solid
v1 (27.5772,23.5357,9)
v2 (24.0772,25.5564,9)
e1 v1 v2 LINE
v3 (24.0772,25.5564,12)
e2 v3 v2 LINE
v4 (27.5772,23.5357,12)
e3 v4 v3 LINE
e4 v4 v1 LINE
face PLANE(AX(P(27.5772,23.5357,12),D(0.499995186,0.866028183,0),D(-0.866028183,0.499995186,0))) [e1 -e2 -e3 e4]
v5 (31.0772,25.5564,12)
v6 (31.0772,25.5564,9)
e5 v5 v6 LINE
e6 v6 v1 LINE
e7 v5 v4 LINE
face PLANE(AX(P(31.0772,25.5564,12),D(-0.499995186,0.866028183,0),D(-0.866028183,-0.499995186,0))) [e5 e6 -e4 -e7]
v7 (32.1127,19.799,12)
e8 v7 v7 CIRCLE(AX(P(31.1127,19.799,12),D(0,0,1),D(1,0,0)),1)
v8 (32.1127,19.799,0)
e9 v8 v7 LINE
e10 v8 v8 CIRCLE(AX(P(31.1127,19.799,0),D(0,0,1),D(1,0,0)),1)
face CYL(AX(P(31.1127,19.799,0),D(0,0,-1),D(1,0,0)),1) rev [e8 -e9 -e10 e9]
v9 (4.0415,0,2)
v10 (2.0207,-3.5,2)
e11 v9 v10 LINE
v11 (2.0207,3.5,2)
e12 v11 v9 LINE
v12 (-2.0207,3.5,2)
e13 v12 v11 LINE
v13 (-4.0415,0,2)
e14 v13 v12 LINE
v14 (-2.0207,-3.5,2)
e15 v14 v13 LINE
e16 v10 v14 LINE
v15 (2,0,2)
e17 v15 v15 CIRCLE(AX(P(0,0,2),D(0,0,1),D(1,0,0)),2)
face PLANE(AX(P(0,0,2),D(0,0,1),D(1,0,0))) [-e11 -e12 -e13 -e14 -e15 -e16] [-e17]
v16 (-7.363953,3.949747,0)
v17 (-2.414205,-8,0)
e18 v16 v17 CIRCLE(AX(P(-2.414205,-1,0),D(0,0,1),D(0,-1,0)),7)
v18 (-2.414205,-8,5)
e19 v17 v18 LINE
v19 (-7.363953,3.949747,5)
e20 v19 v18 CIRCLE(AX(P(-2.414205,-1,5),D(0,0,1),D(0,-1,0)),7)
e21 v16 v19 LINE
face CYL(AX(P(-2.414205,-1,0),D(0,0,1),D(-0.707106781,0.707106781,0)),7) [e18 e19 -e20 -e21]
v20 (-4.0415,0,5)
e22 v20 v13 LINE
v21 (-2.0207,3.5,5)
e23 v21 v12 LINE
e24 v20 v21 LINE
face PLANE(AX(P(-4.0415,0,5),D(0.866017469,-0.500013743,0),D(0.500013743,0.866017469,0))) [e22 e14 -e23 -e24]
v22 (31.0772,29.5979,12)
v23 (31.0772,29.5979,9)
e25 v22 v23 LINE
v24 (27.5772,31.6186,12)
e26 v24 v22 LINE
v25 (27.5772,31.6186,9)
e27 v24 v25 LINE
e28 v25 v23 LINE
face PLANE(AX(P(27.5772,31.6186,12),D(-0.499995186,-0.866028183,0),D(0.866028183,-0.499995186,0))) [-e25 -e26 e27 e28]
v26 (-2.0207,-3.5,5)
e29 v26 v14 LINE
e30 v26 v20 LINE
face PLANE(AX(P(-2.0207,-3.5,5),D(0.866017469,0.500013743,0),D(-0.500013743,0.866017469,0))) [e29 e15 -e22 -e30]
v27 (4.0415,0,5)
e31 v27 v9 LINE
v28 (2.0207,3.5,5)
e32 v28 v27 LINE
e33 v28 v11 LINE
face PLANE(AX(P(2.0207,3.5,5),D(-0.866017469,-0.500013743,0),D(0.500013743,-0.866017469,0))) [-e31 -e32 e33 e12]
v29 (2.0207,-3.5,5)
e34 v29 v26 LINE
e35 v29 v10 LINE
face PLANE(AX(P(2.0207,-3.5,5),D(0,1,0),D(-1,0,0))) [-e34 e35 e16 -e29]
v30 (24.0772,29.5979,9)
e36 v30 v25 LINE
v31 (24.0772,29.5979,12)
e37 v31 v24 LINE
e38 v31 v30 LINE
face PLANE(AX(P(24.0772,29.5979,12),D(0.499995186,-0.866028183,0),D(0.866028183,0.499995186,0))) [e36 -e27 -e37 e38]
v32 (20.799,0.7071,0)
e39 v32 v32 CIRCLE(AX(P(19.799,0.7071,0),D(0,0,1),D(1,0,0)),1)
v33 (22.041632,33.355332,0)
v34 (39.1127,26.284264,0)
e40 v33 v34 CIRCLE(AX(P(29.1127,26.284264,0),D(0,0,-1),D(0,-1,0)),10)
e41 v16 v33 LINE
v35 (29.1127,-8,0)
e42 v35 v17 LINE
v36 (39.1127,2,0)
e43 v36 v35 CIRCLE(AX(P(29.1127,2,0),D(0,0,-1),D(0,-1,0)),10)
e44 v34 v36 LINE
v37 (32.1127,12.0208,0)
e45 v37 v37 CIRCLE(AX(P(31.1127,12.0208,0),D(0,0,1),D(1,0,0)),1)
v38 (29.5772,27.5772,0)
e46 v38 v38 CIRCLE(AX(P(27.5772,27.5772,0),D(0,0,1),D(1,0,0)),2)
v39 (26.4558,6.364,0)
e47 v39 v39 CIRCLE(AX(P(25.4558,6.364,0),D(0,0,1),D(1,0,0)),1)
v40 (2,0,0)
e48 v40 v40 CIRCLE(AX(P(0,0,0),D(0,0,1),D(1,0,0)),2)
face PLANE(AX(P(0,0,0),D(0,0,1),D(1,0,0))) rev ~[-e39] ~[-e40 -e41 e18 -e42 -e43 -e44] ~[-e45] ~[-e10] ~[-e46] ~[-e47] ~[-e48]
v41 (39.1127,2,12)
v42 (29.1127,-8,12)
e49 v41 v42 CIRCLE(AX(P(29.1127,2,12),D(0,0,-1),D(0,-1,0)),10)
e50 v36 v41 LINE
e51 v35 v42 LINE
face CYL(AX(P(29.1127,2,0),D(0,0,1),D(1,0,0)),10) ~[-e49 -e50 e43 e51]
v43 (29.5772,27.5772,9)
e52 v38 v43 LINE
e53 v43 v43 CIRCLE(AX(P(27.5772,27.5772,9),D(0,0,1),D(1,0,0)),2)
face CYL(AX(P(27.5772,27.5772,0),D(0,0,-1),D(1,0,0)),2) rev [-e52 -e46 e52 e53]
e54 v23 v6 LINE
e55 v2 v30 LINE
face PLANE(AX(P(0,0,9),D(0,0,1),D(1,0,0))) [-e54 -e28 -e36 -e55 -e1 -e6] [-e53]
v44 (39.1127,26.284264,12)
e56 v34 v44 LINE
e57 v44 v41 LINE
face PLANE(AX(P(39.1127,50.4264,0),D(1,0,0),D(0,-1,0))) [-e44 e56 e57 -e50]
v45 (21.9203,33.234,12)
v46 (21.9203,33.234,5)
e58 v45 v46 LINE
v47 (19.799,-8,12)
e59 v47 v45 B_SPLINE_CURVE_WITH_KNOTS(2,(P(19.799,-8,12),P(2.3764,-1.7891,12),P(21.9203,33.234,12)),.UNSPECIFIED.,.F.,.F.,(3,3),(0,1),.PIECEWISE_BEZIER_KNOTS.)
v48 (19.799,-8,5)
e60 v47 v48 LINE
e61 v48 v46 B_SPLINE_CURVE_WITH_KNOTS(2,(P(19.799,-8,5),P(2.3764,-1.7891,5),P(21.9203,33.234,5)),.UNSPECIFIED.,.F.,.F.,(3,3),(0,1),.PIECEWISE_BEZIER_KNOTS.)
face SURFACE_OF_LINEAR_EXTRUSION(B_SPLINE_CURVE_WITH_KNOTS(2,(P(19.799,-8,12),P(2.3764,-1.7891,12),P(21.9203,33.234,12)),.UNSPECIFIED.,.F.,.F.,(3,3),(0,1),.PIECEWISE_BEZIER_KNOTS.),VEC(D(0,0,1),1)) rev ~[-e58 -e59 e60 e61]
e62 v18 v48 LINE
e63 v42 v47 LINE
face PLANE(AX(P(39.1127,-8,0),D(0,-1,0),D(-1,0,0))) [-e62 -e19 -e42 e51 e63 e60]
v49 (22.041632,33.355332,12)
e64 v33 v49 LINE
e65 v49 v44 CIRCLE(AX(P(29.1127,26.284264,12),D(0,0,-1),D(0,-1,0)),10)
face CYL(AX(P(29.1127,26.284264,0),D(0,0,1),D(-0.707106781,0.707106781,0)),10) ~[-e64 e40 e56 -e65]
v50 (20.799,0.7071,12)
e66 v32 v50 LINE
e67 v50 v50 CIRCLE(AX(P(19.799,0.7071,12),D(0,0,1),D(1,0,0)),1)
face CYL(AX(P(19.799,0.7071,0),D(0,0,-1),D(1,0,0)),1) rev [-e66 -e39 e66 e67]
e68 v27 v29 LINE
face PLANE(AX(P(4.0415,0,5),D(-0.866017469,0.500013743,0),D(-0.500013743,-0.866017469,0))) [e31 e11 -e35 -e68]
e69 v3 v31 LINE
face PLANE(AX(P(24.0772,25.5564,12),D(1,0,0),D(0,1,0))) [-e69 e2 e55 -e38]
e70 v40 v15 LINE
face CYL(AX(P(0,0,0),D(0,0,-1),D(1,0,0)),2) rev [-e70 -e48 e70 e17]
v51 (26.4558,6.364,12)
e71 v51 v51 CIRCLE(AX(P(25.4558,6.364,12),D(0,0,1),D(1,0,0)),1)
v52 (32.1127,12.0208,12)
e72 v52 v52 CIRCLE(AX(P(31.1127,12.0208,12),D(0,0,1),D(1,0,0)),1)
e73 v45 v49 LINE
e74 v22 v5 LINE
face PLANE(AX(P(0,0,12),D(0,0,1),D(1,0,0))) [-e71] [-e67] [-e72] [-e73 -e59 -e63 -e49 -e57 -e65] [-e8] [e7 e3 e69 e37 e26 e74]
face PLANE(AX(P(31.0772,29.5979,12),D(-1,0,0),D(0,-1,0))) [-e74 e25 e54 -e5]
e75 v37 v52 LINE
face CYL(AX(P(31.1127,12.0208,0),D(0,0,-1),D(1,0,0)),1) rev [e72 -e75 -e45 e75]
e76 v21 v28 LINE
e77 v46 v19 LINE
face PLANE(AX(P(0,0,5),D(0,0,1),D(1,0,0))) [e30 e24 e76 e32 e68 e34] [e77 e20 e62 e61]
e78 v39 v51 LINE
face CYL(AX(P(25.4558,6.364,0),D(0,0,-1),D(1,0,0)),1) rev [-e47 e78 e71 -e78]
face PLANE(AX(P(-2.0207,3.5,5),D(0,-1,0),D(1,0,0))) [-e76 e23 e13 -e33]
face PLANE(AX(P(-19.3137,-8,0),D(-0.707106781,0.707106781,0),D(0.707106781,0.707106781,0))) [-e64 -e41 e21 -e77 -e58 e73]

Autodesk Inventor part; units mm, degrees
ref_plane "YZ Plane" through (0, 0, 0) normal (1, 0, 0) x (0, 1, 0)
ref_plane "XZ Plane" through (0, 0, 0) normal (0, 1, 0) x (-1, 0, 0)
ref_plane "XY Plane" through (0, 0, 0) normal (0, 0, 1) x (1, 0, 0)
sketch "Esquisse1" plane through (0, 0, 0) normal (0, 0, 1) x (1, 0, 0)
  line L0 (0, 0) -> (52, 0) construction
  line L1 (0, 0) -> (25.4558, 25.4558) construction
  line L2 (0, 0) -> (-9.5459, 9.5459) construction
  line L3 (-9.5459, 9.5459) -> (-4.9497, 14.1421) construction
  line L4 (-4.9497, 14.1421) -> (0.7071, 19.799) construction
  line L5 (0.7071, 19.799) -> (6.364, 25.4558) construction
  line L6 (6.364, 25.4558) -> (12.0208, 31.1127) construction
  line L7 (25.4558, 25.4558) -> (19.799, 31.1127) construction
  line L8 (0, 0) -> (27.5772, 27.5772) construction
  circle A0 centre (0.7071, 19.799) radius 1 construction
  circle A1 centre (6.364, 25.4558) radius 1 construction
  circle A2 centre (12.0208, 31.1127) radius 1 construction
  circle A3 centre (19.799, 31.1127) radius 1 construction
  circle A4 centre (19.799, 0.7071) radius 1
  circle A5 centre (25.4558, 6.364) radius 1
  circle A6 centre (31.1127, 12.0208) radius 1
  circle A7 centre (31.1127, 19.799) radius 1
  circle A8 centre (27.5772, 27.5772) radius 2
  circle A9 centre (0, 0) radius 2
  line L9 (0, 0) -> (0, -8) construction
  line L10 (31.1127, 12.0208) -> (39.1127, 12.0208) construction
  line L11 (39.1127, 50.4264) -> (39.1127, -8)
  line L12 (0, 0) -> (-5.6569, 5.6569) construction
  line L13 (39.1127, -8) -> (-19.3137, -8)
  line L14 (-19.3137, -8) -> (39.1127, 50.4264)
  dimension "d31" = 45
  dimension "d32" = 13.5
  dimension "d33" = 6.5
  dimension "d34" = 8
  dimension "d35" = 8
  dimension "d36" = 8
  dimension "d37" = 8
  dimension "d38" = 36
  dimension "d39" = 39
  dimension "d40" = 2
  dimension "d41" = 4
  dimension "d44" = 8
  dimension "d45" = 8
  dimension "d64" = 8
extrude "Extrusion7" add sketch "Esquisse1" along normal blind 12
sketch "Esquisse7" plane through (0, 0, 12) normal (0, 0, 1) x (1, 0, 0)
  circle A0 centre (0, 0) radius 2 projected
  circle A1 centre (27.5772, 27.5772) radius 2 projected
  circle A2 centre (19.799, 0.7071) radius 1 projected
  line L0 (39.1127, 50.4264) -> (-19.3137, -8) projected
  line L1 (-19.3137, -8) -> (39.1127, -8) projected
  circle A3 centre (0, 0) radius 12 construction
  circle A4 centre (19.799, 0.7071) radius 7.8116 construction
  circle A5 centre (27.5772, 27.5772) radius 8 construction
  line L2 (19.799, 0.7071) -> (19.799, -8) construction
  spline S0 degree 2 poles (19.799, -8) (2.3764, -1.7891) (21.9203, 33.234) knots 0 0 0 1 1 1
  point P0 (11.9924, 0.4283)
  dimension "d67" = 24
extrude "Extrusion8" cut sketch "Esquisse7" against normal blind 7 contours S0 L1 L0
sketch "Esquisse8" plane through (0, 0, 5) normal (0, 0, 1) x (1, 0, 0)
  circle A0 centre (0, 0) radius 2 projected
  line L0 (19.799, -8) -> (-19.3137, -8) projected
  line L1 (4.0415, 0) -> (2.0207, -3.5)
  line L2 (2.0207, -3.5) -> (-2.0207, -3.5)
  line L3 (-2.0207, -3.5) -> (-4.0415, 0)
  line L4 (-4.0415, 0) -> (-2.0207, 3.5)
  line L5 (-2.0207, 3.5) -> (2.0207, 3.5)
  line L6 (2.0207, 3.5) -> (4.0415, 0)
  line L7 (2.0207, 3.5) -> (2.0207, -3.5) construction
  dimension "d70" = 7
extrude "Extrusion9" cut sketch "Esquisse8" against normal blind 3
sketch "Esquisse9" plane through (0, 0, 12) normal (0, 0, 1) x (1, 0, 0)
  line L0 (39.1127, -8) -> (39.1127, 50.4264) projected
  circle A0 centre (27.5772, 27.5772) radius 2 projected
  line L1 (31.0772, 29.5979) -> (31.0772, 25.5564)
  line L2 (31.0772, 25.5564) -> (27.5772, 23.5357)
  line L3 (27.5772, 23.5357) -> (24.0772, 25.5564)
  line L4 (24.0772, 25.5564) -> (24.0772, 29.5979)
  line L5 (24.0772, 29.5979) -> (27.5772, 31.6186)
  line L6 (27.5772, 31.6186) -> (31.0772, 29.5979)
  line L7 (24.0772, 29.5979) -> (31.0772, 29.5979) construction
  point P0 (0, 0)
  dimension "d73" = 7
extrude "Extrusion10" cut sketch "Esquisse9" against normal blind 3
fillet "Congé2" radius 7 1 edges at (-19.3137, -8, 2.5)
fillet "Congé3" radius 10 1 edges at (39.1127, 50.4264, 6)
fillet "Congé4" radius 10 1 edges at (39.1127, -8, 6)
properties part number "joint1+ax12imprint"
